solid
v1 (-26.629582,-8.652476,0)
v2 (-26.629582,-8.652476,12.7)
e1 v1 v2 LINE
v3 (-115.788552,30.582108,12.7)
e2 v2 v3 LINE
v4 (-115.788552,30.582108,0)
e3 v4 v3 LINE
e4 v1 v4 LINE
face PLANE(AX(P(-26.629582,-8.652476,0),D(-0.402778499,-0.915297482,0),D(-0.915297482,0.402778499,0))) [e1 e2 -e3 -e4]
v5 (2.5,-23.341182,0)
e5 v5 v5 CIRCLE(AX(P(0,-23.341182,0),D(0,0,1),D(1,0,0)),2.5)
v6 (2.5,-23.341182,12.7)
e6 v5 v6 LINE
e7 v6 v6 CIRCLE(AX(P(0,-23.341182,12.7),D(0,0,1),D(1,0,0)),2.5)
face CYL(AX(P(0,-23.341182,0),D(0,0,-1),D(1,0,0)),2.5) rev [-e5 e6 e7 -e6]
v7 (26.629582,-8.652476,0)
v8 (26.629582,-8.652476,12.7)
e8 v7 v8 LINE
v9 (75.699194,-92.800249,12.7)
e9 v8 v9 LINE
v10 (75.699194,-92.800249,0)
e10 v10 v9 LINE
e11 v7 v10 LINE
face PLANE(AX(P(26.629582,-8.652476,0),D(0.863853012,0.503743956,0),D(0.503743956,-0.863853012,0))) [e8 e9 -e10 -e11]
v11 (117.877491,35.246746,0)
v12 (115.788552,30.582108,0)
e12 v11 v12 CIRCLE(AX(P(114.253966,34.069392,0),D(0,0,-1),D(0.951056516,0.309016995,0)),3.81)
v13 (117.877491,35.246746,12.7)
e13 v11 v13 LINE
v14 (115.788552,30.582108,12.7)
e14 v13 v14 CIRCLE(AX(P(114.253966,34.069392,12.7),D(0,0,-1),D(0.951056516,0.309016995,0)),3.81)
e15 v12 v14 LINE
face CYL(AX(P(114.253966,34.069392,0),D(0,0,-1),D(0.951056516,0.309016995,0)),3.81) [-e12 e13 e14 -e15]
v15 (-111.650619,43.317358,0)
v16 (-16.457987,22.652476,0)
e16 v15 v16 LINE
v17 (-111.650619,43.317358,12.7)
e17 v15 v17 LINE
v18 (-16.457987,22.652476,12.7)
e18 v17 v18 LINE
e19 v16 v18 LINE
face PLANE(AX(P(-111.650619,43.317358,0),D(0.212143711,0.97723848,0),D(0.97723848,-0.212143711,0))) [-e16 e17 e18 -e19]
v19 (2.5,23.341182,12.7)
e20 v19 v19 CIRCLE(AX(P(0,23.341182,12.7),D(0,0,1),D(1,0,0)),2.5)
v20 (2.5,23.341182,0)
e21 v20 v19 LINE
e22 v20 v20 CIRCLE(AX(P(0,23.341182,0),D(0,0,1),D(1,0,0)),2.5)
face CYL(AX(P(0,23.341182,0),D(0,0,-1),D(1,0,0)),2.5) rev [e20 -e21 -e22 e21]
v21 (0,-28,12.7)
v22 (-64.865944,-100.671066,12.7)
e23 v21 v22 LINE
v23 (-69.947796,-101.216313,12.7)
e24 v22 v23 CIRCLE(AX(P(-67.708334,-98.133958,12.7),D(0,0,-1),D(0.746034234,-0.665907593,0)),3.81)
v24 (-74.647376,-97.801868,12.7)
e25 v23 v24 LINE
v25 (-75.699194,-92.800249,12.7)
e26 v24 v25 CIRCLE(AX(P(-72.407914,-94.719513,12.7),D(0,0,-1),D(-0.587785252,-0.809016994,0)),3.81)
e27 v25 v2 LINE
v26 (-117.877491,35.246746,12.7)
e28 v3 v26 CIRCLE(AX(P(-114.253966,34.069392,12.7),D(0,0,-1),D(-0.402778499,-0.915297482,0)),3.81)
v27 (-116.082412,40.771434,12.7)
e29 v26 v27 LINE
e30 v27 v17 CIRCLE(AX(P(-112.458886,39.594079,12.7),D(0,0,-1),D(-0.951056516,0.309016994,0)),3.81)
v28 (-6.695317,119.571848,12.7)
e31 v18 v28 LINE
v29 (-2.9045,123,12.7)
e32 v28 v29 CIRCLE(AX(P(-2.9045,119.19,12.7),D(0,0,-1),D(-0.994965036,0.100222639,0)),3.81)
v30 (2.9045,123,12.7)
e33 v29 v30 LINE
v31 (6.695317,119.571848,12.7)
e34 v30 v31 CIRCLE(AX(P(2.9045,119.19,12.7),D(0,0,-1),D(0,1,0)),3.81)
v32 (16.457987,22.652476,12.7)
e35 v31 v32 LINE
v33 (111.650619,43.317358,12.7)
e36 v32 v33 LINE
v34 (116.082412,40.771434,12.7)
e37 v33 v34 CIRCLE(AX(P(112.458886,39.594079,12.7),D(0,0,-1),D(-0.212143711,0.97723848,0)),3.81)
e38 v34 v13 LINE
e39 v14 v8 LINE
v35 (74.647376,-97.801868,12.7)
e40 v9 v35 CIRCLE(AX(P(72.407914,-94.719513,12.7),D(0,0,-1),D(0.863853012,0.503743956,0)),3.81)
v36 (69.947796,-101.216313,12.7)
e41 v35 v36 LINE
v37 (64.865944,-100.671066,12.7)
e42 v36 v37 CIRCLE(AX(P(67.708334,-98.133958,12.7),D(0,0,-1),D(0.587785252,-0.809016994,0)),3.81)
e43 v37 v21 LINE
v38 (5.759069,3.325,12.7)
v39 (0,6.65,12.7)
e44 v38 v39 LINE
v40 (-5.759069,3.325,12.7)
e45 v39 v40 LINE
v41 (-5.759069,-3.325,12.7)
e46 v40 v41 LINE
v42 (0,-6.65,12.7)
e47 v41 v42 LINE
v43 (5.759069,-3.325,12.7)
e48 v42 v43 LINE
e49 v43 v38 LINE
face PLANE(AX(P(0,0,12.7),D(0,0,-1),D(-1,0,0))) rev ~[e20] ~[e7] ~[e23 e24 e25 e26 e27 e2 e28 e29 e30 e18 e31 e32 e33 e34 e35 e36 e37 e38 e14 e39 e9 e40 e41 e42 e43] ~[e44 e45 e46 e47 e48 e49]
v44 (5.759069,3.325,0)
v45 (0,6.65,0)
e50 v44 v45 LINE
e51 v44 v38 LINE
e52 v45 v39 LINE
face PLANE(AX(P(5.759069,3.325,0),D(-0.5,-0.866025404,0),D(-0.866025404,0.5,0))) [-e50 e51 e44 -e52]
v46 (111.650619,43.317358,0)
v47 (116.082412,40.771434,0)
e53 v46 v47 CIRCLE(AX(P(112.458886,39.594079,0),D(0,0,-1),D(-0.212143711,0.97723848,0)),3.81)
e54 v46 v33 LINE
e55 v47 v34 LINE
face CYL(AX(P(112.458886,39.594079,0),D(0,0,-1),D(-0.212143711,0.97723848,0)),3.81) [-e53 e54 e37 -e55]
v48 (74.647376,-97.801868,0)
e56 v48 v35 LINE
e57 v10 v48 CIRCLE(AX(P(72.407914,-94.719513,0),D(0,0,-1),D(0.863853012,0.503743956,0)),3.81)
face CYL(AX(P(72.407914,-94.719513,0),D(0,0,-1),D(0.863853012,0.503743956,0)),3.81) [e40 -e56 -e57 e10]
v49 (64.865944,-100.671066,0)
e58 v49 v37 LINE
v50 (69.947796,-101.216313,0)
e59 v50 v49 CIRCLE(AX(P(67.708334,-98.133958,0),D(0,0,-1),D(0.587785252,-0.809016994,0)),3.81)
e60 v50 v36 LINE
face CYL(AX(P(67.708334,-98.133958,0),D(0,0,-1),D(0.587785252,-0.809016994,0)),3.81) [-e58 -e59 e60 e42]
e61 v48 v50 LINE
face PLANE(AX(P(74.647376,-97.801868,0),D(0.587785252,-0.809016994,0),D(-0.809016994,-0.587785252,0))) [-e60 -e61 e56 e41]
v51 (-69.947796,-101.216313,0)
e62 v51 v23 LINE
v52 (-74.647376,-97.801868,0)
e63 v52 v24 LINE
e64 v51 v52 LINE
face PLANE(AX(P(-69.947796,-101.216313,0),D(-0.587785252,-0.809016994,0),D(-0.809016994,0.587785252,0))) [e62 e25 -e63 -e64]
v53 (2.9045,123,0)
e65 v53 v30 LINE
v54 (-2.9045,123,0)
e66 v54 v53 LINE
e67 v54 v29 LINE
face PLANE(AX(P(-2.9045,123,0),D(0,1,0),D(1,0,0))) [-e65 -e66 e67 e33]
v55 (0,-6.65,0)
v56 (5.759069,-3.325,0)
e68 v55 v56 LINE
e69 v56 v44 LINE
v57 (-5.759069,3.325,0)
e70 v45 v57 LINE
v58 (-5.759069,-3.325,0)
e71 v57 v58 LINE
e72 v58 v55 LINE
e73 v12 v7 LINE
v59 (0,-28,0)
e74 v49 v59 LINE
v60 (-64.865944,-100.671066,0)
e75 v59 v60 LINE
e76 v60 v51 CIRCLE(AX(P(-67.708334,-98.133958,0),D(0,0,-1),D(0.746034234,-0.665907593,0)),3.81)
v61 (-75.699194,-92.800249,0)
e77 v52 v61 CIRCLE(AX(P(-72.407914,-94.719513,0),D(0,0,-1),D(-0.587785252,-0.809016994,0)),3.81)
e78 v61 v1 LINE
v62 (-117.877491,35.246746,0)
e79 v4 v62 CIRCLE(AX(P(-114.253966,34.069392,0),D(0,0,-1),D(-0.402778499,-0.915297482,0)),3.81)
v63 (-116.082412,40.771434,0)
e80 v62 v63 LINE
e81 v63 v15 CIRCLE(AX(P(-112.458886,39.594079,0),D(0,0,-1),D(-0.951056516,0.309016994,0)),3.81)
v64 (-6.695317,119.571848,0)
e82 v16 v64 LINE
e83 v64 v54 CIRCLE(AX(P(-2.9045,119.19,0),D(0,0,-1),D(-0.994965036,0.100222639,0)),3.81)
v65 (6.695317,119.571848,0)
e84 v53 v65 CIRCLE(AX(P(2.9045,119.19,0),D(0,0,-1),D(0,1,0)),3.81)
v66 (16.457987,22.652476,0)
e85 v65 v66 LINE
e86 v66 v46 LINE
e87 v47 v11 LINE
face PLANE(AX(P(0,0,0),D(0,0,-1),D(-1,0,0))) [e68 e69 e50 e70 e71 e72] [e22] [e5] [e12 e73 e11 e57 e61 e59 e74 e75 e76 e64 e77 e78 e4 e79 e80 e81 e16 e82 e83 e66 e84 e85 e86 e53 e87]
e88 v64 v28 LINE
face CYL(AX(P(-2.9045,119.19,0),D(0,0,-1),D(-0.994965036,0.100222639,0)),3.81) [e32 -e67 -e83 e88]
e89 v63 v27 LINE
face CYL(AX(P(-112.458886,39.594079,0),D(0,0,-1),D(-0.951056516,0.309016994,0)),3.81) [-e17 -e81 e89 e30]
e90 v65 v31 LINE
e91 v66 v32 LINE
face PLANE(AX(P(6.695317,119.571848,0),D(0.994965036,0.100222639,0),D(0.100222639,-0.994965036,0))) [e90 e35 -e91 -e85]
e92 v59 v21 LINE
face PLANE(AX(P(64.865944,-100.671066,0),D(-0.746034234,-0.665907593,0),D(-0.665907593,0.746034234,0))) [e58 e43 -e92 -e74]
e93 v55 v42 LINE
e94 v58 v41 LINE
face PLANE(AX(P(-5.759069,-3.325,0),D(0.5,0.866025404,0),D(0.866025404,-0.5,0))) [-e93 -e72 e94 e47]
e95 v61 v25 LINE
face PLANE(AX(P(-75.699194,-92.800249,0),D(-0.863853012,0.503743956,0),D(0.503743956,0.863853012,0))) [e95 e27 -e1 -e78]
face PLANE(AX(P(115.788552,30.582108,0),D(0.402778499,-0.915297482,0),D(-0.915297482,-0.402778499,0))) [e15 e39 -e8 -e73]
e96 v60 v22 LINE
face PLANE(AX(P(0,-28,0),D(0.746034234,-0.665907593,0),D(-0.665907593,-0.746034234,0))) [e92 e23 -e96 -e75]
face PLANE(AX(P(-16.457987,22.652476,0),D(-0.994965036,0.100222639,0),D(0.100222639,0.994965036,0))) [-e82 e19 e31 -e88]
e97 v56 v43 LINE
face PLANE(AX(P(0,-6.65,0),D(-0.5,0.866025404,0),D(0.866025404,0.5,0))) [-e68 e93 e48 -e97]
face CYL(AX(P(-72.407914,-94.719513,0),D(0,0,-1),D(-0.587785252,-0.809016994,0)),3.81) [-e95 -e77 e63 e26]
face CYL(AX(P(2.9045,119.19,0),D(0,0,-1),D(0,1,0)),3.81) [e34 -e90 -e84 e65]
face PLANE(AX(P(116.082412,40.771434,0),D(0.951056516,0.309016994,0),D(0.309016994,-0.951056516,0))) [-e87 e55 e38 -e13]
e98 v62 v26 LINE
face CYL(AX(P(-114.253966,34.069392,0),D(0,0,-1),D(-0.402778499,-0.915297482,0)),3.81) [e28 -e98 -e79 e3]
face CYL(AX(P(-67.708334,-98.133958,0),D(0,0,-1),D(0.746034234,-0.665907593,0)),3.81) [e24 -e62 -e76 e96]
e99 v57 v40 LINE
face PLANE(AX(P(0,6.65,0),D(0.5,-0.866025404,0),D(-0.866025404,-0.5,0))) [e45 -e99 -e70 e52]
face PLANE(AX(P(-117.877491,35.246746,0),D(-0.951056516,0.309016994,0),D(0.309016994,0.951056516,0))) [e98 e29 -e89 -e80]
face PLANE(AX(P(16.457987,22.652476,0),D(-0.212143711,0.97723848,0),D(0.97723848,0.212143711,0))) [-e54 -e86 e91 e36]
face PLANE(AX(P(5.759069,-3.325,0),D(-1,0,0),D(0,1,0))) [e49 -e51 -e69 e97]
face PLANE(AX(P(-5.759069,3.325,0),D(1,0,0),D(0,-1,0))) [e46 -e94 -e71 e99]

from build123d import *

# Parameters (mm, degrees)
SKETCH1_R           = 2.5
BOSS_EXTRUDE1_DEPTH = 12.7


with BuildPart() as part:
    # Sketch1 → Boss-Extrude1 (new body)
    with BuildSketch(Plane.XY):
        with BuildLine():
            Line((-2.904500288, 123), (2.904500288, 123))
            ThreePointArc((2.904500288, 123), (5.460009841, 122.015857556), (6.695317075, 119.571848255))
            Line((6.695317075, 119.571848255), (16.457987064, 22.652475842))
            Line((16.457987064, 22.652475842), (111.65061869, 43.317358092))
            ThreePointArc((111.65061869, 43.317358092), (114.35674059, 42.897751506), (116.082411555, 40.771434234))
            Line((116.082411555, 40.771434234), (117.877491453, 35.246746383))
            ThreePointArc((117.877491453, 35.246746383), (117.73121225, 32.51219563), (115.788552208, 30.582108227))
            Line((115.788552208, 30.582108227), (26.629582456, -8.652475842))
            Line((26.629582456, -8.652475842), (75.69919429, -92.800248652))
            ThreePointArc((75.69919429, -92.800248652), (76.136362368, -95.503589084), (74.647376125, -97.801867874))
            Line((74.647376125, -97.801867874), (69.947795939, -101.216312743))
            ThreePointArc((69.947795939, -101.216312743), (67.301880867, -101.922215608), (64.865943698, -100.671065923))
            Line((64.865943698, -100.671065923), (0, -28))
            Line((0, -28), (-64.865943698, -100.671065923))
            ThreePointArc((-64.865943698, -100.671065923), (-67.301880867, -101.922215608), (-69.947795939, -101.216312743))
            Line((-69.947795939, -101.216312743), (-74.647376125, -97.801867874))
            ThreePointArc((-74.647376125, -97.801867874), (-76.136362368, -95.503589084), (-75.69919429, -92.800248652))
            Line((-75.69919429, -92.800248652), (-26.629582456, -8.652475842))
            Line((-26.629582456, -8.652475842), (-115.788552208, 30.582108227))
            ThreePointArc((-115.788552208, 30.582108227), (-117.73121225, 32.51219563), (-117.877491453, 35.246746383))
            Line((-117.877491453, 35.246746383), (-116.082411555, 40.771434234))
            ThreePointArc((-116.082411555, 40.771434234), (-114.35674059, 42.897751506), (-111.65061869, 43.317358092))
            Line((-111.65061869, 43.317358092), (-16.457987064, 22.652475842))
            Line((-16.457987064, 22.652475842), (-6.695317075, 119.571848255))
            ThreePointArc((-6.695317075, 119.571848255), (-5.460009841, 122.015857556), (-2.904500288, 123))
        make_face()
        with Locations((0, 23.341182104)):
            Circle(SKETCH1_R, mode=Mode.SUBTRACT)
        with Locations((0, -23.341182104)):
            Circle(SKETCH1_R, mode=Mode.SUBTRACT)
        Polygon((0, -6.65), (5.759068935, -3.325), (5.759068935, 3.325), (0, 6.65), (-5.759068935, 3.325), (-5.759068935, -3.325), align=None, mode=Mode.SUBTRACT)
    extrude(amount=BOSS_EXTRUDE1_DEPTH)


solid = part.part
